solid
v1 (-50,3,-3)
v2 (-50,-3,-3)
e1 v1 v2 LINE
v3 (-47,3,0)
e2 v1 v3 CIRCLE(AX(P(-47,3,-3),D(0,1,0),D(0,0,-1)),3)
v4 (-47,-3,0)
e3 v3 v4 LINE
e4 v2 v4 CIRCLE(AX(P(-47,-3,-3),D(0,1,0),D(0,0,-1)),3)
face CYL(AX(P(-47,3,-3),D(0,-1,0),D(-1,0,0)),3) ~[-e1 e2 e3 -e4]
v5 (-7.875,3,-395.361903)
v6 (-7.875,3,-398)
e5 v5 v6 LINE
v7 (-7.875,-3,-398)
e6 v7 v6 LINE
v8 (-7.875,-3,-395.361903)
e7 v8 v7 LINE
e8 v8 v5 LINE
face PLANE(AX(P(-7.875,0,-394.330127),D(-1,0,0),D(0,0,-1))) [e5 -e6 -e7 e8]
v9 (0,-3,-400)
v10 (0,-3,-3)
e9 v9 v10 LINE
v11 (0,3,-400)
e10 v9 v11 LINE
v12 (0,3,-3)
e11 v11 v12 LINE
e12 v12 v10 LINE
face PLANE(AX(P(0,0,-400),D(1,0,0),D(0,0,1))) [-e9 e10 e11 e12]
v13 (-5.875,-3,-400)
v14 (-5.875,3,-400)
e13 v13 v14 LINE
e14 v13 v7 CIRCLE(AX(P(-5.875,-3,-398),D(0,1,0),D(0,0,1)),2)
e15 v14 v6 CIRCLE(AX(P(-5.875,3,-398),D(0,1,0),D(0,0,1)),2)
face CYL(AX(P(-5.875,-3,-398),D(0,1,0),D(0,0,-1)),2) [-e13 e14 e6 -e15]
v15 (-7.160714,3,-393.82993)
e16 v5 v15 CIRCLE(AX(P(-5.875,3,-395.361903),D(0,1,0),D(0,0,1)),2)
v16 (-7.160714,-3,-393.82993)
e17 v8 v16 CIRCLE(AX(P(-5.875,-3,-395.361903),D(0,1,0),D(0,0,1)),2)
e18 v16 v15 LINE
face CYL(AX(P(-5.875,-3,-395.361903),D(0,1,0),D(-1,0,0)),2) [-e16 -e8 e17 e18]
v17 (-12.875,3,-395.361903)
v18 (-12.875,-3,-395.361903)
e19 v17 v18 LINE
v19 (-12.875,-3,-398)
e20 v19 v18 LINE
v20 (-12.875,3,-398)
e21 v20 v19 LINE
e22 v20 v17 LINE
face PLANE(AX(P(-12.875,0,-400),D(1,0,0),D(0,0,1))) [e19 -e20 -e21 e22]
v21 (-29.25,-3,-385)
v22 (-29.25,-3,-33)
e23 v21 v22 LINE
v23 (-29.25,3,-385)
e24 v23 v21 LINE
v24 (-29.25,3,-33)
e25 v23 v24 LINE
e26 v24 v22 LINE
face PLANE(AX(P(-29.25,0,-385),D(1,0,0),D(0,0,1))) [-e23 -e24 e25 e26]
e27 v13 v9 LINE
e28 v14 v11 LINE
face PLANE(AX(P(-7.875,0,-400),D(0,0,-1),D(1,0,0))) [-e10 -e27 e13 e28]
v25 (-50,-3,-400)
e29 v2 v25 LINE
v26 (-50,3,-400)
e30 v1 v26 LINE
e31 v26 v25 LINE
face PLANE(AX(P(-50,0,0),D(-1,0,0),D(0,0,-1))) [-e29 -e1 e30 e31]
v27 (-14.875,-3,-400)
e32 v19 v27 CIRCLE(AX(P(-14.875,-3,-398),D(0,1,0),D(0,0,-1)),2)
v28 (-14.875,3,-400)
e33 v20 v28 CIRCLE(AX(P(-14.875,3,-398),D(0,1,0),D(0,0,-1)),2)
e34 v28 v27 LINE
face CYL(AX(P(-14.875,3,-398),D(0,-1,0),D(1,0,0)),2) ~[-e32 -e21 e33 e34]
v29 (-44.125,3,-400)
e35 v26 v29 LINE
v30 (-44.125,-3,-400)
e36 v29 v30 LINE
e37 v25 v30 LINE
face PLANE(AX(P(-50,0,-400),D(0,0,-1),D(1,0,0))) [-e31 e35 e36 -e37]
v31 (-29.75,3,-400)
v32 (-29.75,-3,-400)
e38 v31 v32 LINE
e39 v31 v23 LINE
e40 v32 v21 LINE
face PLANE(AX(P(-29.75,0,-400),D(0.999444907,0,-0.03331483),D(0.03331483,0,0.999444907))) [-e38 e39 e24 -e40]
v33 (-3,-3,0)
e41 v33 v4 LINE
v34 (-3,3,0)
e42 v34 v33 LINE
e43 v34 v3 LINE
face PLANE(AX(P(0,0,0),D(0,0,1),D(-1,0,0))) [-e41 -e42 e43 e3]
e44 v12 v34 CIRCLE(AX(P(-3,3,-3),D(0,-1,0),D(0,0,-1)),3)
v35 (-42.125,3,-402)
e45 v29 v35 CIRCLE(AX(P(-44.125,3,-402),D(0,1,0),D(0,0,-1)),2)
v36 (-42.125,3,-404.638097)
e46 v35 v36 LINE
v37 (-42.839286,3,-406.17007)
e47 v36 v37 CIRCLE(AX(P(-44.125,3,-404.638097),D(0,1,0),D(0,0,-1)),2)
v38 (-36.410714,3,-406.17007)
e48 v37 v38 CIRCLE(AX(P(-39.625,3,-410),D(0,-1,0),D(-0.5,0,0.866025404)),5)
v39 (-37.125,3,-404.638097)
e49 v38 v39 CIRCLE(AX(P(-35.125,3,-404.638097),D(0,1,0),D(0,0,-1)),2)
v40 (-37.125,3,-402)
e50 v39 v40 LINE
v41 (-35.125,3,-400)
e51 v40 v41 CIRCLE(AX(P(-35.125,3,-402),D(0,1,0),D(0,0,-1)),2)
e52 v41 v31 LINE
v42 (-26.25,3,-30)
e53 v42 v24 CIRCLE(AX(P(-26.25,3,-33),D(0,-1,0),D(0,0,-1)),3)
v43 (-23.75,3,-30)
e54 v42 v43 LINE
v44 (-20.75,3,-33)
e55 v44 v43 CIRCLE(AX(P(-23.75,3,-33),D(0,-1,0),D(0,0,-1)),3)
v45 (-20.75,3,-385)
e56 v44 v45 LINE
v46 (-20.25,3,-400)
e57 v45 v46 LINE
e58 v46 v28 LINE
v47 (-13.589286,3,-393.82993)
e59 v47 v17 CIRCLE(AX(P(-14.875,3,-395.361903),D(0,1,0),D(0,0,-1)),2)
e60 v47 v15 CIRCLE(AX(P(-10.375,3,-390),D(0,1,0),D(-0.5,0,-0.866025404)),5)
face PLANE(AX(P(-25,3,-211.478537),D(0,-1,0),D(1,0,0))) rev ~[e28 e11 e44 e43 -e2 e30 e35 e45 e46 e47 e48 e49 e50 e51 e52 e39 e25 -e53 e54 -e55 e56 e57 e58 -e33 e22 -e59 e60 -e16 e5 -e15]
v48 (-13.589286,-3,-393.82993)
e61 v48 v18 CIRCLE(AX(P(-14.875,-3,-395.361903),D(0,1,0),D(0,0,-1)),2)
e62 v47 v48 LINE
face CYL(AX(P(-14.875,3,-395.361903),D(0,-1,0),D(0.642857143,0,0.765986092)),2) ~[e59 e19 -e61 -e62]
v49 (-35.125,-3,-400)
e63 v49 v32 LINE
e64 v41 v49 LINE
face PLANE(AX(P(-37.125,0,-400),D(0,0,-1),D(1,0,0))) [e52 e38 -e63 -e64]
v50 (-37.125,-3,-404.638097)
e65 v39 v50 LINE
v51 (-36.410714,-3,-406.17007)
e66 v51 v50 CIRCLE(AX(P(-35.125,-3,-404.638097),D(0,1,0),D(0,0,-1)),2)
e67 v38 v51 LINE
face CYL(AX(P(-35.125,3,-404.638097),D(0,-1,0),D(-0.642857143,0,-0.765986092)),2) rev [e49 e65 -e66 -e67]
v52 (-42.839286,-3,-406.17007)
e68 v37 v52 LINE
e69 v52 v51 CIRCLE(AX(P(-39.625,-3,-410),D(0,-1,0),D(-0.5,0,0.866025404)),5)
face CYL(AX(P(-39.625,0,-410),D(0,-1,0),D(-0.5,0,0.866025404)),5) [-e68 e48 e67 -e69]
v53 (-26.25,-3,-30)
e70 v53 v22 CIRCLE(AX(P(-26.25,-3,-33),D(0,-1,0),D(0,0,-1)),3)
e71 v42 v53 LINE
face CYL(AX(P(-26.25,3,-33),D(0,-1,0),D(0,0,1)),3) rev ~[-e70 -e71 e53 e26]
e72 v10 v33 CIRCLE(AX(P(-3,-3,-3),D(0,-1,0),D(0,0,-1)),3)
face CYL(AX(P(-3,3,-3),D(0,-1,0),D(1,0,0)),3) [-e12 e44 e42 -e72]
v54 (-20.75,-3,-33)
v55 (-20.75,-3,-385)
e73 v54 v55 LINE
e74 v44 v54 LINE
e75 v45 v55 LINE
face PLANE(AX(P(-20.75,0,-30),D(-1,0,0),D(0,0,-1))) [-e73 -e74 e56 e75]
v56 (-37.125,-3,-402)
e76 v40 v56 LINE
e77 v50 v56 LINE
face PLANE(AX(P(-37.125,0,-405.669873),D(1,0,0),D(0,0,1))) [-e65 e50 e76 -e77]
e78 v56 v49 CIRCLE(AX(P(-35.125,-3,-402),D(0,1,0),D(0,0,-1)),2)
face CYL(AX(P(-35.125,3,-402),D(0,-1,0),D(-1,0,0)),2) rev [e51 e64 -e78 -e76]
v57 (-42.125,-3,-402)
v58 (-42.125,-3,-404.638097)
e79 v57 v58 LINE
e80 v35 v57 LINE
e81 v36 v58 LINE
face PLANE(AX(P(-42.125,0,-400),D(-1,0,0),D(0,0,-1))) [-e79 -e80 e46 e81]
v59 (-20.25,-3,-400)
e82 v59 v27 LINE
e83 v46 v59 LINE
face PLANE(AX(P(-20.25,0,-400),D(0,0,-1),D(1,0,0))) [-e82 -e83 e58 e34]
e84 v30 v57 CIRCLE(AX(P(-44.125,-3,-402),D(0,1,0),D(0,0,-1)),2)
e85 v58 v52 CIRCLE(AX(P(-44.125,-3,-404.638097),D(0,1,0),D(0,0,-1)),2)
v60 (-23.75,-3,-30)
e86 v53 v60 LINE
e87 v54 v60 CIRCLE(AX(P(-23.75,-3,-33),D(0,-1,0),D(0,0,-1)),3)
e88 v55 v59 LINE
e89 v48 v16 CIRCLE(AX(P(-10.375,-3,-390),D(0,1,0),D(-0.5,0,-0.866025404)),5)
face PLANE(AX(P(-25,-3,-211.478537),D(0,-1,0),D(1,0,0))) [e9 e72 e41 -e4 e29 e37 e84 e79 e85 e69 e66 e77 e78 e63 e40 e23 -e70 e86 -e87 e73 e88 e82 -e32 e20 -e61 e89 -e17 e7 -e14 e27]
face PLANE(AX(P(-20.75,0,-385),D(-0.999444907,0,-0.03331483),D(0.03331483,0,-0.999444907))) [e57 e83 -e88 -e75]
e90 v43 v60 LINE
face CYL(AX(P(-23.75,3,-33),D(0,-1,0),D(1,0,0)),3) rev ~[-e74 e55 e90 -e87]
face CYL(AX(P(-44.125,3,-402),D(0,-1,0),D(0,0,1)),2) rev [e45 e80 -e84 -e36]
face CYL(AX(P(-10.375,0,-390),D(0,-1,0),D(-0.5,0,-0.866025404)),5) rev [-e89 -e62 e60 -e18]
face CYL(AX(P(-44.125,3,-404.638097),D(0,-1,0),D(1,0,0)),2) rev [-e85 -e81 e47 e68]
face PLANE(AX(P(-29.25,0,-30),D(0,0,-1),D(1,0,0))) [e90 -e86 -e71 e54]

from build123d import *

# Parameters (mm, degrees)
F3_DEPTH = 3
F4_R     = 3
F5_R     = 2


with BuildPart() as f3:
    # F0 (on Front) → F3 (new body, symmetric)
    with BuildSketch(Plane.XZ):
        with BuildLine():
            Line((0, -400), (0, 0))
            Line((0, 0), (-50, 0))
            Line((-50, 0), (-50, -400))
            Line((-50, -400), (-42.125, -400))
            Line((-42.125, -400), (-42.125, -405.6698729811))
            ThreePointArc((-42.125, -405.6698729811), (-39.625, -415), (-37.125, -405.6698729811))
            Line((-37.125, -405.6698729811), (-37.125, -400))
            Line((-37.125, -400), (-29.75, -400))
            Line((-29.75, -400), (-29.25, -385))
            Line((-29.25, -385), (-29.25, -30))
            Line((-29.25, -30), (-20.75, -30))
            Line((-20.75, -30), (-20.75, -385))
            Line((-20.75, -385), (-20.25, -400))
            Line((-20.25, -400), (-12.875, -400))
            Line((-12.875, -400), (-12.875, -394.3301270189))
            ThreePointArc((-12.875, -394.3301270189), (-10.375, -385), (-7.875, -394.3301270189))
            Line((-7.875, -394.3301270189), (-7.875, -400))
            Line((-7.875, -400), (0, -400))
        make_face()
    extrude(amount=F3_DEPTH, both=True)

    # F4
    f4_edges = [f3.edges().sort_by_distance(p)[0] for p in [
        (-50, 0, 0),
        (0, 0, 0),
        (-20.75, 0, -30),
        (-29.25, 0, -30),
    ]]
    fillet(f4_edges, radius=F4_R)

    # F5
    f5_edges = [f3.edges().sort_by_distance(p)[0] for p in [
        (-12.875, 0, -394.330127),
        (-12.875, 0, -400),
        (-37.125, 0, -400),
        (-7.875, 0, -400),
        (-7.875, 0, -394.330127),
        (-42.125, 0, -400),
        (-42.125, 0, -405.669873),
        (-37.125, 0, -405.669873),
    ]]
    fillet(f5_edges, radius=F5_R)


solid = f3.part
